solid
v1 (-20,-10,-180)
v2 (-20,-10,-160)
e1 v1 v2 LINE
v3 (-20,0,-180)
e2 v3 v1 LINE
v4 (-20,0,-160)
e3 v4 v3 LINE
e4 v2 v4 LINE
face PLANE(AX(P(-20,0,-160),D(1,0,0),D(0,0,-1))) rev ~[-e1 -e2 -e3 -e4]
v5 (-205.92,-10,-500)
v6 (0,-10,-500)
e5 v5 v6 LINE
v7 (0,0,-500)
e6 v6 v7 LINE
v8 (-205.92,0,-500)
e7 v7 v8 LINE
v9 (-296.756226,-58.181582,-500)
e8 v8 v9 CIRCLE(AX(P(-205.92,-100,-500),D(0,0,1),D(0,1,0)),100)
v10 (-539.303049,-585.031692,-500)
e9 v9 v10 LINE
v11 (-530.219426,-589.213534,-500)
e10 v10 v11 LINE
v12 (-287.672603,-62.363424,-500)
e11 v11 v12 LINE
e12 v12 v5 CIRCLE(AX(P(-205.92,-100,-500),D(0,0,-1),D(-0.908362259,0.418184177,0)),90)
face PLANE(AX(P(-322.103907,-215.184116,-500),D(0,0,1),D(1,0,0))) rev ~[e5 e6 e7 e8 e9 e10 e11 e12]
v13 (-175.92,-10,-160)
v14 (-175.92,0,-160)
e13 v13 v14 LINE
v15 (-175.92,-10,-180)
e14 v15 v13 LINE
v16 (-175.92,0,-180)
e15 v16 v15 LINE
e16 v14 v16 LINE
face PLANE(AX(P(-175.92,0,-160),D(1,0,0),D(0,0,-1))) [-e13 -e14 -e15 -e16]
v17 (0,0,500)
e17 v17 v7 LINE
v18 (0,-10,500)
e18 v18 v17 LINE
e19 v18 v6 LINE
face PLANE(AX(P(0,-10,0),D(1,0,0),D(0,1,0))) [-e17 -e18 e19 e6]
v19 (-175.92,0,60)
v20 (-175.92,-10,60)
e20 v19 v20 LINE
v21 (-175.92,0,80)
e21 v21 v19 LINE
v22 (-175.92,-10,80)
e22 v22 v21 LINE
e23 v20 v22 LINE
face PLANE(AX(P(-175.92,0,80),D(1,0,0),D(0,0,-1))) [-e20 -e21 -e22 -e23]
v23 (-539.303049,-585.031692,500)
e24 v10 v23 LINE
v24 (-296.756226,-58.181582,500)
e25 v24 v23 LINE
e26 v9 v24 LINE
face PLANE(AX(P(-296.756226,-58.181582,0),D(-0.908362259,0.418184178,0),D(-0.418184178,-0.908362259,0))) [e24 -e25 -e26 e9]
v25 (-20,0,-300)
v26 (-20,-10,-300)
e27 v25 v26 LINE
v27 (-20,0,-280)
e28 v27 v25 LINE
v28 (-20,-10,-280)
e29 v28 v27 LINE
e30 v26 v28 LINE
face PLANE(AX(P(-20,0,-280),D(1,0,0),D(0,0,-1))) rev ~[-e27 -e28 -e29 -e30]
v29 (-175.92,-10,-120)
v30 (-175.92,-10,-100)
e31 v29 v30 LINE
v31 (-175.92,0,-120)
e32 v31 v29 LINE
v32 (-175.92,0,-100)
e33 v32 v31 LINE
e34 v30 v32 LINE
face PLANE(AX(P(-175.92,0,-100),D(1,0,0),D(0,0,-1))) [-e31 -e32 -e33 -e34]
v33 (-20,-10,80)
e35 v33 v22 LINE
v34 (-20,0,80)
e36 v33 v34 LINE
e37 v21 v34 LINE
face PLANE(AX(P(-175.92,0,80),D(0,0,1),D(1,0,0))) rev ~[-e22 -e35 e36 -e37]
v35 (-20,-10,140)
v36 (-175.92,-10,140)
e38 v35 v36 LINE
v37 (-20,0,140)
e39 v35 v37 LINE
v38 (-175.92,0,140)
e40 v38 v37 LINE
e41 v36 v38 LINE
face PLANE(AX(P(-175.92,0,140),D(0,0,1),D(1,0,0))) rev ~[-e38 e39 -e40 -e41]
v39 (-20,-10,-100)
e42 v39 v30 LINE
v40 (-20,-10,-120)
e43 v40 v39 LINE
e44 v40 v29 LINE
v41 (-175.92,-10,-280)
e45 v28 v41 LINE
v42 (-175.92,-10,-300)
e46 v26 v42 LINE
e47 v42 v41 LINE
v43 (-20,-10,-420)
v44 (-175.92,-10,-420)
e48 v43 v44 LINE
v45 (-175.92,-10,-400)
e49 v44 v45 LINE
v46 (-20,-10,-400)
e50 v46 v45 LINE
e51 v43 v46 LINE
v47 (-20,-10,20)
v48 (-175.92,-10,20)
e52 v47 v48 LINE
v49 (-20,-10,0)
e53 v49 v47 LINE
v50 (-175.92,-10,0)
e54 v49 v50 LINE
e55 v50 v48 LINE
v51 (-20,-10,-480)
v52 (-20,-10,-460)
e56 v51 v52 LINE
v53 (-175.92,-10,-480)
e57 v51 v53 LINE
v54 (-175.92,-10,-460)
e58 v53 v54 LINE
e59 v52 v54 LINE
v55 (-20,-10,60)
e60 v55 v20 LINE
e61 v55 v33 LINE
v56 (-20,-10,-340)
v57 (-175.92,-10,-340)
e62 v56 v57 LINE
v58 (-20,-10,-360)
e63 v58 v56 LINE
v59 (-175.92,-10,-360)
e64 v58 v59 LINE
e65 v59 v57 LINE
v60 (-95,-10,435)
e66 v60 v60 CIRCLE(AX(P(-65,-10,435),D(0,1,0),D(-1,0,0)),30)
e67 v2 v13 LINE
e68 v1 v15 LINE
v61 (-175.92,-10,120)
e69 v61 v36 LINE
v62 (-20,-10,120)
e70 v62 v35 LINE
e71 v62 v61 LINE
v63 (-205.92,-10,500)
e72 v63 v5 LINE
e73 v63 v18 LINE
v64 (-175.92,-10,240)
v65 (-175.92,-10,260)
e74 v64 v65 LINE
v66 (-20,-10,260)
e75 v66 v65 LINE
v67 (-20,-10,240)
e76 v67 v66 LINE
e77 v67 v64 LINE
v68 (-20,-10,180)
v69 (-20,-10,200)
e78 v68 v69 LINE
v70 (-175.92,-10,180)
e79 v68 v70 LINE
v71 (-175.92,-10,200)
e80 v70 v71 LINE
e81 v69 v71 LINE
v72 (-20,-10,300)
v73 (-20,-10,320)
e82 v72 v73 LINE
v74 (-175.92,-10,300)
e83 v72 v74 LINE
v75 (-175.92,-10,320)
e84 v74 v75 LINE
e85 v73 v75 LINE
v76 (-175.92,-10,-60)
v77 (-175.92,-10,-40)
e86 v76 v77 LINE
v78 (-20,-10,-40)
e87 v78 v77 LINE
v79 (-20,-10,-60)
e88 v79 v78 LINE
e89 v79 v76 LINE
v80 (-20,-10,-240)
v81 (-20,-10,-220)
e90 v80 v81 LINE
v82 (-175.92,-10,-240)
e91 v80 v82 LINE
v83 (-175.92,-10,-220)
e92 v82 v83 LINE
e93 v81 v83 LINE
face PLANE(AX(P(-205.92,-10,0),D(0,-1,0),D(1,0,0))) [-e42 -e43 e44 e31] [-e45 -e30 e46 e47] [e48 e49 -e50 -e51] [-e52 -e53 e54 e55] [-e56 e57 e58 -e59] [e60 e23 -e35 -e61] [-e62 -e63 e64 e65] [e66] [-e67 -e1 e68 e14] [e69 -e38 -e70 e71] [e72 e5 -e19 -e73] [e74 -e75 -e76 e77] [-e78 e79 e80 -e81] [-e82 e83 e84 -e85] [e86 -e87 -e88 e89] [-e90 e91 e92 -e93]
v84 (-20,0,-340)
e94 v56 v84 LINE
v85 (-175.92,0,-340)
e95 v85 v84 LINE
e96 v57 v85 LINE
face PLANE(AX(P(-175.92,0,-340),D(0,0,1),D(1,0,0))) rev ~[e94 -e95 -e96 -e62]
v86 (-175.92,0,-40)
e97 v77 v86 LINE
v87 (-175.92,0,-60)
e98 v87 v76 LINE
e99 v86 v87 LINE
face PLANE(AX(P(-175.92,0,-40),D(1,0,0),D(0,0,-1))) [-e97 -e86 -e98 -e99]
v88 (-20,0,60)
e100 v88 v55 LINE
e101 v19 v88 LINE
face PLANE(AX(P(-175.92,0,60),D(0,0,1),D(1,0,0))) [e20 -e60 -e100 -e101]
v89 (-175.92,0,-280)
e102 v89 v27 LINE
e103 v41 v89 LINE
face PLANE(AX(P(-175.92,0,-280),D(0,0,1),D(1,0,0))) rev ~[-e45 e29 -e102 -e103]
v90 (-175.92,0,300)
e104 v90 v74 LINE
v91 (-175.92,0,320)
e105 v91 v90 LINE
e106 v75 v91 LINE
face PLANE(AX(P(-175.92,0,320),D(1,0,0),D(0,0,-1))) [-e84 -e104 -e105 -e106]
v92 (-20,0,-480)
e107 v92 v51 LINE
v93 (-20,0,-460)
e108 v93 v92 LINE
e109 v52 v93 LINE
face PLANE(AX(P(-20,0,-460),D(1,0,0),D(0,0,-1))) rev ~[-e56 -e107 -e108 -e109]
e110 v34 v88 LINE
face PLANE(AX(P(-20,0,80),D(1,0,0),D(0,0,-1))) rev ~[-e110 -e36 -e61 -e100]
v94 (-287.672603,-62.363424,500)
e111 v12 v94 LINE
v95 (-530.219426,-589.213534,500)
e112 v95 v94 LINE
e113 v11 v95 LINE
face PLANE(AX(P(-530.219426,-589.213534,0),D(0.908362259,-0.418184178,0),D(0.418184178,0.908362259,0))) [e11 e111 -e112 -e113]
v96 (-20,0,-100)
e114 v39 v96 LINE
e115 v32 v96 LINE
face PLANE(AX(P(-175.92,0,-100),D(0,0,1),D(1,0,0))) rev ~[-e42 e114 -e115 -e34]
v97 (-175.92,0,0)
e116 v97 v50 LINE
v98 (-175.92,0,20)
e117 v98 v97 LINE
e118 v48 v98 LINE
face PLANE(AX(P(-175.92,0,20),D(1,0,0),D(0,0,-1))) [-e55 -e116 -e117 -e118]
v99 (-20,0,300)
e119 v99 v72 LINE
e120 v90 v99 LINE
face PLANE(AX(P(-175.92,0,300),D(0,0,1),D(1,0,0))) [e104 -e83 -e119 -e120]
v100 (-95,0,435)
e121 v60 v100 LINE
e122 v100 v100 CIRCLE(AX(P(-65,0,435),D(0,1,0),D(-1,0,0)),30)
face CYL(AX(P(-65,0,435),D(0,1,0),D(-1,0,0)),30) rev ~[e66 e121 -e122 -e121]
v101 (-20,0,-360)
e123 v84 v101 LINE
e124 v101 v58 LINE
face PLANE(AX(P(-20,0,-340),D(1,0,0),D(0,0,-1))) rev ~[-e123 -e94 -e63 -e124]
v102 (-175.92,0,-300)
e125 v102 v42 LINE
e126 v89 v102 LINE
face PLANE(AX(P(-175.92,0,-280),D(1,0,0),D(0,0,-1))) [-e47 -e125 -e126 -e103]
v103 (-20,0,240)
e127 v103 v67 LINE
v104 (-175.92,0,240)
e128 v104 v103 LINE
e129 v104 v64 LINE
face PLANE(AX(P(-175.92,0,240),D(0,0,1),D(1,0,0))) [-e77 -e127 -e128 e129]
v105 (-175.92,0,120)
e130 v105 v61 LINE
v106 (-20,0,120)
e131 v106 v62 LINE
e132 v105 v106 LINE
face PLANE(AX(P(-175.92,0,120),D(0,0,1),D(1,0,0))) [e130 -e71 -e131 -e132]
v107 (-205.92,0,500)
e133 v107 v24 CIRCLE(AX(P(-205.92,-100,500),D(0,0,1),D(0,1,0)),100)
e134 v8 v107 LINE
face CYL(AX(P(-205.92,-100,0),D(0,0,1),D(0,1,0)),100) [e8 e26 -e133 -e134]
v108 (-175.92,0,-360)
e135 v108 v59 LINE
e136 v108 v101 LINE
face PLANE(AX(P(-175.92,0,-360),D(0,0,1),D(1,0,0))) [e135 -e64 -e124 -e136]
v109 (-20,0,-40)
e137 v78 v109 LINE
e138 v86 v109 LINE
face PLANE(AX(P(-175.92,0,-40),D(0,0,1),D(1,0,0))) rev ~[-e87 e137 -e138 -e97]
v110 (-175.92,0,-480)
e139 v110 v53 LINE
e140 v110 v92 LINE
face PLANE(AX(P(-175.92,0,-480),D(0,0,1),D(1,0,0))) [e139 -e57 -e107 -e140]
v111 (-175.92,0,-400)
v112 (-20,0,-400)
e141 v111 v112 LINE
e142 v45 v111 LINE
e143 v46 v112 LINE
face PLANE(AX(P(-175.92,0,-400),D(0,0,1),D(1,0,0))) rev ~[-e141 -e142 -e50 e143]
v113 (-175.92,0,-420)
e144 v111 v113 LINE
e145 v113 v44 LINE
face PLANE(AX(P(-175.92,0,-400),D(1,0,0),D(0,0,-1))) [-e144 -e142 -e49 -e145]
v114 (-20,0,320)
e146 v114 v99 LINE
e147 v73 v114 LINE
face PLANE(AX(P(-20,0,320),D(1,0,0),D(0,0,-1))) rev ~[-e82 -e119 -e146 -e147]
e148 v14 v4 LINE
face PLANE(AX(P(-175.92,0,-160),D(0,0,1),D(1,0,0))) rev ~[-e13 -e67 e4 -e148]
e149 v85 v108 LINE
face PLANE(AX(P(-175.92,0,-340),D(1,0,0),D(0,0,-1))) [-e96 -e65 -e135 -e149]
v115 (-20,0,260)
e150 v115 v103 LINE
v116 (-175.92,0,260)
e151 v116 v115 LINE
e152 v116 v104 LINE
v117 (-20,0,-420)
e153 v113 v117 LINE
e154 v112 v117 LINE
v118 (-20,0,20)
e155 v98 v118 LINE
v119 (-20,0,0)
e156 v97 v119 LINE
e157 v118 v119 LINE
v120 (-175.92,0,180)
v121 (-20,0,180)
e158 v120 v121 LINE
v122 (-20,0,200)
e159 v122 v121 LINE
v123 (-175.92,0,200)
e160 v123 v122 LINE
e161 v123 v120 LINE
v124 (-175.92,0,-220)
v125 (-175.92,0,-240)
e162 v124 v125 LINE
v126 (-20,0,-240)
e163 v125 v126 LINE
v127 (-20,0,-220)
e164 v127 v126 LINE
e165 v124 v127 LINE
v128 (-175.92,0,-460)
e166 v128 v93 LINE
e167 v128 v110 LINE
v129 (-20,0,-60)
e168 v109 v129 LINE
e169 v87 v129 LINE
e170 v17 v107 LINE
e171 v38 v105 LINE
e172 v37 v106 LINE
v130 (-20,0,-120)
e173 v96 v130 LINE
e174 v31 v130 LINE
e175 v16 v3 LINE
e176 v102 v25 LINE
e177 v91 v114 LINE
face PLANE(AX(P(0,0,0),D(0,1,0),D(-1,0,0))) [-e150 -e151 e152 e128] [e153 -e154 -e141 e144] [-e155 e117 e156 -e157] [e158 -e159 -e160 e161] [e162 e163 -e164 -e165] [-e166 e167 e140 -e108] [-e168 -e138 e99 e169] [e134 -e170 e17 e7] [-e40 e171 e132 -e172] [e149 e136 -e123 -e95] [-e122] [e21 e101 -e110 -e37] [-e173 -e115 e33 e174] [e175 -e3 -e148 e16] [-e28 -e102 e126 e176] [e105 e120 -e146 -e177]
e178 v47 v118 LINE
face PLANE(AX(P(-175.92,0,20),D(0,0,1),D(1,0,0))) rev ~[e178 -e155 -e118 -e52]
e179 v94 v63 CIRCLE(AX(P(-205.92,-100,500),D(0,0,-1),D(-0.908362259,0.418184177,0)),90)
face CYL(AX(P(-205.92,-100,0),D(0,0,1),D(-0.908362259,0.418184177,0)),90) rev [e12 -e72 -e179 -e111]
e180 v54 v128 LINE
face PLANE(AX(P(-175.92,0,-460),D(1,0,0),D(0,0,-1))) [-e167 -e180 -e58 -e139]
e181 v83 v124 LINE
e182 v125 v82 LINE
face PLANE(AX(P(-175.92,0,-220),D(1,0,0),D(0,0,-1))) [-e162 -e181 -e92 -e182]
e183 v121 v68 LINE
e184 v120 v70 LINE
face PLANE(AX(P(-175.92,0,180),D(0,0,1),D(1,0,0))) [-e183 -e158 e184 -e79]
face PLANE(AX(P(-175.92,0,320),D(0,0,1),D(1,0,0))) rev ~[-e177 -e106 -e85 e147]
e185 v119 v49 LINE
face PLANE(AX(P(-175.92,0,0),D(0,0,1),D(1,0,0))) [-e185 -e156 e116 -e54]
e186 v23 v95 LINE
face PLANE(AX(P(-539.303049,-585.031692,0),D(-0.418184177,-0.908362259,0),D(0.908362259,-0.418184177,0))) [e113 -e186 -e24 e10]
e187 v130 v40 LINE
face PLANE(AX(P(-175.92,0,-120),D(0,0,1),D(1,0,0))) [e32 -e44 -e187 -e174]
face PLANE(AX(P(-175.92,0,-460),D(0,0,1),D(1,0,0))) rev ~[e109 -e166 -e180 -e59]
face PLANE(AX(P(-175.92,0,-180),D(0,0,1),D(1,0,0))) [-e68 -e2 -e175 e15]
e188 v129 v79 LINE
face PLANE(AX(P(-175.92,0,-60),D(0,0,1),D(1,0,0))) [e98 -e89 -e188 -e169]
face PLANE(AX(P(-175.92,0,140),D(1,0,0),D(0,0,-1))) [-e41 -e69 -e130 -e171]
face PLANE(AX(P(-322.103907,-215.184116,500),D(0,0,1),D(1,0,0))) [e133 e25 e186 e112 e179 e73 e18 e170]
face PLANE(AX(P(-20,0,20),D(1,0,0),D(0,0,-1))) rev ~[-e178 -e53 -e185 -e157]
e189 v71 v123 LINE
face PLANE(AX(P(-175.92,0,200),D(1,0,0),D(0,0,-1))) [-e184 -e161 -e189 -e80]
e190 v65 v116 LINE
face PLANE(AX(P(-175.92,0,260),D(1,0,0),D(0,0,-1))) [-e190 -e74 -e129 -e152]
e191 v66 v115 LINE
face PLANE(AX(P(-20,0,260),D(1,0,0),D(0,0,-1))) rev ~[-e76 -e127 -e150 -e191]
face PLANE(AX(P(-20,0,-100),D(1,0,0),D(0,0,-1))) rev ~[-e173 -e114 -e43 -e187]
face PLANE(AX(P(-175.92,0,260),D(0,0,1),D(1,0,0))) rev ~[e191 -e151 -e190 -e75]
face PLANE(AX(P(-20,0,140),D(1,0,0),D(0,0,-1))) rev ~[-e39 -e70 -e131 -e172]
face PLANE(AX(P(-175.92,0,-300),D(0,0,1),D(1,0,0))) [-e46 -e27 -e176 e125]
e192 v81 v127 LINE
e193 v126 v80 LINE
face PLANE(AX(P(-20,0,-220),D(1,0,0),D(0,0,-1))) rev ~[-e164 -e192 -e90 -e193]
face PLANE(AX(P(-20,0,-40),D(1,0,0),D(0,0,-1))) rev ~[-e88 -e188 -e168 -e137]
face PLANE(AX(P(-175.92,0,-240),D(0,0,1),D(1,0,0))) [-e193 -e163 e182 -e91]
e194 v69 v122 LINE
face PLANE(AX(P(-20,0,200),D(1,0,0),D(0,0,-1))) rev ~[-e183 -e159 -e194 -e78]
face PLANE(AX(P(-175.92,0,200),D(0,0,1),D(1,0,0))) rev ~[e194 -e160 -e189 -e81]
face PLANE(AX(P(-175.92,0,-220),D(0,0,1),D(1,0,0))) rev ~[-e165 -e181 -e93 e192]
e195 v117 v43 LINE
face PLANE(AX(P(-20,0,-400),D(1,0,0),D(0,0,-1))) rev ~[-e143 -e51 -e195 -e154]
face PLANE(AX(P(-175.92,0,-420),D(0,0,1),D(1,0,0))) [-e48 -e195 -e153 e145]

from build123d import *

# Parameters (mm, degrees)
EXTRUDE_THIN1_DEPTH = 500
SKETCH3_W           = 155.92
SKETCH3_H           = 20
CUT_EXTRUDE1_DEPTH  = 226
LPATTERN1_COUNT     = 14
LPATTERN1_PITCH     = 60
SKETCH4_R           = 30
CUT_EXTRUDE2_DEPTH  = 226


with BuildPart() as part:
    # Sketch1 → Extrude-Thin1 (new, symmetric)
    with BuildSketch(Plane.XY):
        with BuildLine():
            Line((0, 0), (-205.92, 0))
            ThreePointArc((-205.92, 0), (-259.855879639, -15.792394123), (-296.756225905, -58.181582248))
            Line((-296.756225905, -58.181582248), (-539.303048865, -585.0316925))
            Line((-539.303048865, -585.0316925), (-530.219426274, -589.213534275))
            Line((-530.219426274, -589.213534275), (-287.672603315, -62.363424024))
            ThreePointArc((-287.672603315, -62.363424024), (-254.462291675, -24.21315471), (-205.92, -10))
            Line((-205.92, -10), (0, -10))
            Line((0, -10), (0, 0))
        make_face()
    extrude(amount=EXTRUDE_THIN1_DEPTH, both=True)

    # Sketch3 → Cut-Extrude1 (cut, symmetric)
    with BuildSketch(Plane(origin=(0, 0, 0), x_dir=(1, 0, 0), z_dir=(0, 1, 0))):
        with Locations((-97.96, 470)):
            Rectangle(SKETCH3_W, SKETCH3_H)
    cut_extrude1 = extrude(amount=CUT_EXTRUDE1_DEPTH, both=True, mode=Mode.SUBTRACT)

    # LPattern1: Cut-Extrude1 ×14
    with Locations(*[(0, 0, i * LPATTERN1_PITCH) for i in range(1, LPATTERN1_COUNT)]):
        add(cut_extrude1, mode=Mode.SUBTRACT)

    # Sketch4 → Cut-Extrude2 (cut, symmetric)
    with BuildSketch(Plane(origin=(0, 0, 0), x_dir=(1, 0, 0), z_dir=(0, 1, 0))):
        with Locations(Location((-65, -435, 0), (0, 0, 180))):
            Circle(SKETCH4_R)
    extrude(amount=CUT_EXTRUDE2_DEPTH, both=True, mode=Mode.SUBTRACT)


solid = part.part
